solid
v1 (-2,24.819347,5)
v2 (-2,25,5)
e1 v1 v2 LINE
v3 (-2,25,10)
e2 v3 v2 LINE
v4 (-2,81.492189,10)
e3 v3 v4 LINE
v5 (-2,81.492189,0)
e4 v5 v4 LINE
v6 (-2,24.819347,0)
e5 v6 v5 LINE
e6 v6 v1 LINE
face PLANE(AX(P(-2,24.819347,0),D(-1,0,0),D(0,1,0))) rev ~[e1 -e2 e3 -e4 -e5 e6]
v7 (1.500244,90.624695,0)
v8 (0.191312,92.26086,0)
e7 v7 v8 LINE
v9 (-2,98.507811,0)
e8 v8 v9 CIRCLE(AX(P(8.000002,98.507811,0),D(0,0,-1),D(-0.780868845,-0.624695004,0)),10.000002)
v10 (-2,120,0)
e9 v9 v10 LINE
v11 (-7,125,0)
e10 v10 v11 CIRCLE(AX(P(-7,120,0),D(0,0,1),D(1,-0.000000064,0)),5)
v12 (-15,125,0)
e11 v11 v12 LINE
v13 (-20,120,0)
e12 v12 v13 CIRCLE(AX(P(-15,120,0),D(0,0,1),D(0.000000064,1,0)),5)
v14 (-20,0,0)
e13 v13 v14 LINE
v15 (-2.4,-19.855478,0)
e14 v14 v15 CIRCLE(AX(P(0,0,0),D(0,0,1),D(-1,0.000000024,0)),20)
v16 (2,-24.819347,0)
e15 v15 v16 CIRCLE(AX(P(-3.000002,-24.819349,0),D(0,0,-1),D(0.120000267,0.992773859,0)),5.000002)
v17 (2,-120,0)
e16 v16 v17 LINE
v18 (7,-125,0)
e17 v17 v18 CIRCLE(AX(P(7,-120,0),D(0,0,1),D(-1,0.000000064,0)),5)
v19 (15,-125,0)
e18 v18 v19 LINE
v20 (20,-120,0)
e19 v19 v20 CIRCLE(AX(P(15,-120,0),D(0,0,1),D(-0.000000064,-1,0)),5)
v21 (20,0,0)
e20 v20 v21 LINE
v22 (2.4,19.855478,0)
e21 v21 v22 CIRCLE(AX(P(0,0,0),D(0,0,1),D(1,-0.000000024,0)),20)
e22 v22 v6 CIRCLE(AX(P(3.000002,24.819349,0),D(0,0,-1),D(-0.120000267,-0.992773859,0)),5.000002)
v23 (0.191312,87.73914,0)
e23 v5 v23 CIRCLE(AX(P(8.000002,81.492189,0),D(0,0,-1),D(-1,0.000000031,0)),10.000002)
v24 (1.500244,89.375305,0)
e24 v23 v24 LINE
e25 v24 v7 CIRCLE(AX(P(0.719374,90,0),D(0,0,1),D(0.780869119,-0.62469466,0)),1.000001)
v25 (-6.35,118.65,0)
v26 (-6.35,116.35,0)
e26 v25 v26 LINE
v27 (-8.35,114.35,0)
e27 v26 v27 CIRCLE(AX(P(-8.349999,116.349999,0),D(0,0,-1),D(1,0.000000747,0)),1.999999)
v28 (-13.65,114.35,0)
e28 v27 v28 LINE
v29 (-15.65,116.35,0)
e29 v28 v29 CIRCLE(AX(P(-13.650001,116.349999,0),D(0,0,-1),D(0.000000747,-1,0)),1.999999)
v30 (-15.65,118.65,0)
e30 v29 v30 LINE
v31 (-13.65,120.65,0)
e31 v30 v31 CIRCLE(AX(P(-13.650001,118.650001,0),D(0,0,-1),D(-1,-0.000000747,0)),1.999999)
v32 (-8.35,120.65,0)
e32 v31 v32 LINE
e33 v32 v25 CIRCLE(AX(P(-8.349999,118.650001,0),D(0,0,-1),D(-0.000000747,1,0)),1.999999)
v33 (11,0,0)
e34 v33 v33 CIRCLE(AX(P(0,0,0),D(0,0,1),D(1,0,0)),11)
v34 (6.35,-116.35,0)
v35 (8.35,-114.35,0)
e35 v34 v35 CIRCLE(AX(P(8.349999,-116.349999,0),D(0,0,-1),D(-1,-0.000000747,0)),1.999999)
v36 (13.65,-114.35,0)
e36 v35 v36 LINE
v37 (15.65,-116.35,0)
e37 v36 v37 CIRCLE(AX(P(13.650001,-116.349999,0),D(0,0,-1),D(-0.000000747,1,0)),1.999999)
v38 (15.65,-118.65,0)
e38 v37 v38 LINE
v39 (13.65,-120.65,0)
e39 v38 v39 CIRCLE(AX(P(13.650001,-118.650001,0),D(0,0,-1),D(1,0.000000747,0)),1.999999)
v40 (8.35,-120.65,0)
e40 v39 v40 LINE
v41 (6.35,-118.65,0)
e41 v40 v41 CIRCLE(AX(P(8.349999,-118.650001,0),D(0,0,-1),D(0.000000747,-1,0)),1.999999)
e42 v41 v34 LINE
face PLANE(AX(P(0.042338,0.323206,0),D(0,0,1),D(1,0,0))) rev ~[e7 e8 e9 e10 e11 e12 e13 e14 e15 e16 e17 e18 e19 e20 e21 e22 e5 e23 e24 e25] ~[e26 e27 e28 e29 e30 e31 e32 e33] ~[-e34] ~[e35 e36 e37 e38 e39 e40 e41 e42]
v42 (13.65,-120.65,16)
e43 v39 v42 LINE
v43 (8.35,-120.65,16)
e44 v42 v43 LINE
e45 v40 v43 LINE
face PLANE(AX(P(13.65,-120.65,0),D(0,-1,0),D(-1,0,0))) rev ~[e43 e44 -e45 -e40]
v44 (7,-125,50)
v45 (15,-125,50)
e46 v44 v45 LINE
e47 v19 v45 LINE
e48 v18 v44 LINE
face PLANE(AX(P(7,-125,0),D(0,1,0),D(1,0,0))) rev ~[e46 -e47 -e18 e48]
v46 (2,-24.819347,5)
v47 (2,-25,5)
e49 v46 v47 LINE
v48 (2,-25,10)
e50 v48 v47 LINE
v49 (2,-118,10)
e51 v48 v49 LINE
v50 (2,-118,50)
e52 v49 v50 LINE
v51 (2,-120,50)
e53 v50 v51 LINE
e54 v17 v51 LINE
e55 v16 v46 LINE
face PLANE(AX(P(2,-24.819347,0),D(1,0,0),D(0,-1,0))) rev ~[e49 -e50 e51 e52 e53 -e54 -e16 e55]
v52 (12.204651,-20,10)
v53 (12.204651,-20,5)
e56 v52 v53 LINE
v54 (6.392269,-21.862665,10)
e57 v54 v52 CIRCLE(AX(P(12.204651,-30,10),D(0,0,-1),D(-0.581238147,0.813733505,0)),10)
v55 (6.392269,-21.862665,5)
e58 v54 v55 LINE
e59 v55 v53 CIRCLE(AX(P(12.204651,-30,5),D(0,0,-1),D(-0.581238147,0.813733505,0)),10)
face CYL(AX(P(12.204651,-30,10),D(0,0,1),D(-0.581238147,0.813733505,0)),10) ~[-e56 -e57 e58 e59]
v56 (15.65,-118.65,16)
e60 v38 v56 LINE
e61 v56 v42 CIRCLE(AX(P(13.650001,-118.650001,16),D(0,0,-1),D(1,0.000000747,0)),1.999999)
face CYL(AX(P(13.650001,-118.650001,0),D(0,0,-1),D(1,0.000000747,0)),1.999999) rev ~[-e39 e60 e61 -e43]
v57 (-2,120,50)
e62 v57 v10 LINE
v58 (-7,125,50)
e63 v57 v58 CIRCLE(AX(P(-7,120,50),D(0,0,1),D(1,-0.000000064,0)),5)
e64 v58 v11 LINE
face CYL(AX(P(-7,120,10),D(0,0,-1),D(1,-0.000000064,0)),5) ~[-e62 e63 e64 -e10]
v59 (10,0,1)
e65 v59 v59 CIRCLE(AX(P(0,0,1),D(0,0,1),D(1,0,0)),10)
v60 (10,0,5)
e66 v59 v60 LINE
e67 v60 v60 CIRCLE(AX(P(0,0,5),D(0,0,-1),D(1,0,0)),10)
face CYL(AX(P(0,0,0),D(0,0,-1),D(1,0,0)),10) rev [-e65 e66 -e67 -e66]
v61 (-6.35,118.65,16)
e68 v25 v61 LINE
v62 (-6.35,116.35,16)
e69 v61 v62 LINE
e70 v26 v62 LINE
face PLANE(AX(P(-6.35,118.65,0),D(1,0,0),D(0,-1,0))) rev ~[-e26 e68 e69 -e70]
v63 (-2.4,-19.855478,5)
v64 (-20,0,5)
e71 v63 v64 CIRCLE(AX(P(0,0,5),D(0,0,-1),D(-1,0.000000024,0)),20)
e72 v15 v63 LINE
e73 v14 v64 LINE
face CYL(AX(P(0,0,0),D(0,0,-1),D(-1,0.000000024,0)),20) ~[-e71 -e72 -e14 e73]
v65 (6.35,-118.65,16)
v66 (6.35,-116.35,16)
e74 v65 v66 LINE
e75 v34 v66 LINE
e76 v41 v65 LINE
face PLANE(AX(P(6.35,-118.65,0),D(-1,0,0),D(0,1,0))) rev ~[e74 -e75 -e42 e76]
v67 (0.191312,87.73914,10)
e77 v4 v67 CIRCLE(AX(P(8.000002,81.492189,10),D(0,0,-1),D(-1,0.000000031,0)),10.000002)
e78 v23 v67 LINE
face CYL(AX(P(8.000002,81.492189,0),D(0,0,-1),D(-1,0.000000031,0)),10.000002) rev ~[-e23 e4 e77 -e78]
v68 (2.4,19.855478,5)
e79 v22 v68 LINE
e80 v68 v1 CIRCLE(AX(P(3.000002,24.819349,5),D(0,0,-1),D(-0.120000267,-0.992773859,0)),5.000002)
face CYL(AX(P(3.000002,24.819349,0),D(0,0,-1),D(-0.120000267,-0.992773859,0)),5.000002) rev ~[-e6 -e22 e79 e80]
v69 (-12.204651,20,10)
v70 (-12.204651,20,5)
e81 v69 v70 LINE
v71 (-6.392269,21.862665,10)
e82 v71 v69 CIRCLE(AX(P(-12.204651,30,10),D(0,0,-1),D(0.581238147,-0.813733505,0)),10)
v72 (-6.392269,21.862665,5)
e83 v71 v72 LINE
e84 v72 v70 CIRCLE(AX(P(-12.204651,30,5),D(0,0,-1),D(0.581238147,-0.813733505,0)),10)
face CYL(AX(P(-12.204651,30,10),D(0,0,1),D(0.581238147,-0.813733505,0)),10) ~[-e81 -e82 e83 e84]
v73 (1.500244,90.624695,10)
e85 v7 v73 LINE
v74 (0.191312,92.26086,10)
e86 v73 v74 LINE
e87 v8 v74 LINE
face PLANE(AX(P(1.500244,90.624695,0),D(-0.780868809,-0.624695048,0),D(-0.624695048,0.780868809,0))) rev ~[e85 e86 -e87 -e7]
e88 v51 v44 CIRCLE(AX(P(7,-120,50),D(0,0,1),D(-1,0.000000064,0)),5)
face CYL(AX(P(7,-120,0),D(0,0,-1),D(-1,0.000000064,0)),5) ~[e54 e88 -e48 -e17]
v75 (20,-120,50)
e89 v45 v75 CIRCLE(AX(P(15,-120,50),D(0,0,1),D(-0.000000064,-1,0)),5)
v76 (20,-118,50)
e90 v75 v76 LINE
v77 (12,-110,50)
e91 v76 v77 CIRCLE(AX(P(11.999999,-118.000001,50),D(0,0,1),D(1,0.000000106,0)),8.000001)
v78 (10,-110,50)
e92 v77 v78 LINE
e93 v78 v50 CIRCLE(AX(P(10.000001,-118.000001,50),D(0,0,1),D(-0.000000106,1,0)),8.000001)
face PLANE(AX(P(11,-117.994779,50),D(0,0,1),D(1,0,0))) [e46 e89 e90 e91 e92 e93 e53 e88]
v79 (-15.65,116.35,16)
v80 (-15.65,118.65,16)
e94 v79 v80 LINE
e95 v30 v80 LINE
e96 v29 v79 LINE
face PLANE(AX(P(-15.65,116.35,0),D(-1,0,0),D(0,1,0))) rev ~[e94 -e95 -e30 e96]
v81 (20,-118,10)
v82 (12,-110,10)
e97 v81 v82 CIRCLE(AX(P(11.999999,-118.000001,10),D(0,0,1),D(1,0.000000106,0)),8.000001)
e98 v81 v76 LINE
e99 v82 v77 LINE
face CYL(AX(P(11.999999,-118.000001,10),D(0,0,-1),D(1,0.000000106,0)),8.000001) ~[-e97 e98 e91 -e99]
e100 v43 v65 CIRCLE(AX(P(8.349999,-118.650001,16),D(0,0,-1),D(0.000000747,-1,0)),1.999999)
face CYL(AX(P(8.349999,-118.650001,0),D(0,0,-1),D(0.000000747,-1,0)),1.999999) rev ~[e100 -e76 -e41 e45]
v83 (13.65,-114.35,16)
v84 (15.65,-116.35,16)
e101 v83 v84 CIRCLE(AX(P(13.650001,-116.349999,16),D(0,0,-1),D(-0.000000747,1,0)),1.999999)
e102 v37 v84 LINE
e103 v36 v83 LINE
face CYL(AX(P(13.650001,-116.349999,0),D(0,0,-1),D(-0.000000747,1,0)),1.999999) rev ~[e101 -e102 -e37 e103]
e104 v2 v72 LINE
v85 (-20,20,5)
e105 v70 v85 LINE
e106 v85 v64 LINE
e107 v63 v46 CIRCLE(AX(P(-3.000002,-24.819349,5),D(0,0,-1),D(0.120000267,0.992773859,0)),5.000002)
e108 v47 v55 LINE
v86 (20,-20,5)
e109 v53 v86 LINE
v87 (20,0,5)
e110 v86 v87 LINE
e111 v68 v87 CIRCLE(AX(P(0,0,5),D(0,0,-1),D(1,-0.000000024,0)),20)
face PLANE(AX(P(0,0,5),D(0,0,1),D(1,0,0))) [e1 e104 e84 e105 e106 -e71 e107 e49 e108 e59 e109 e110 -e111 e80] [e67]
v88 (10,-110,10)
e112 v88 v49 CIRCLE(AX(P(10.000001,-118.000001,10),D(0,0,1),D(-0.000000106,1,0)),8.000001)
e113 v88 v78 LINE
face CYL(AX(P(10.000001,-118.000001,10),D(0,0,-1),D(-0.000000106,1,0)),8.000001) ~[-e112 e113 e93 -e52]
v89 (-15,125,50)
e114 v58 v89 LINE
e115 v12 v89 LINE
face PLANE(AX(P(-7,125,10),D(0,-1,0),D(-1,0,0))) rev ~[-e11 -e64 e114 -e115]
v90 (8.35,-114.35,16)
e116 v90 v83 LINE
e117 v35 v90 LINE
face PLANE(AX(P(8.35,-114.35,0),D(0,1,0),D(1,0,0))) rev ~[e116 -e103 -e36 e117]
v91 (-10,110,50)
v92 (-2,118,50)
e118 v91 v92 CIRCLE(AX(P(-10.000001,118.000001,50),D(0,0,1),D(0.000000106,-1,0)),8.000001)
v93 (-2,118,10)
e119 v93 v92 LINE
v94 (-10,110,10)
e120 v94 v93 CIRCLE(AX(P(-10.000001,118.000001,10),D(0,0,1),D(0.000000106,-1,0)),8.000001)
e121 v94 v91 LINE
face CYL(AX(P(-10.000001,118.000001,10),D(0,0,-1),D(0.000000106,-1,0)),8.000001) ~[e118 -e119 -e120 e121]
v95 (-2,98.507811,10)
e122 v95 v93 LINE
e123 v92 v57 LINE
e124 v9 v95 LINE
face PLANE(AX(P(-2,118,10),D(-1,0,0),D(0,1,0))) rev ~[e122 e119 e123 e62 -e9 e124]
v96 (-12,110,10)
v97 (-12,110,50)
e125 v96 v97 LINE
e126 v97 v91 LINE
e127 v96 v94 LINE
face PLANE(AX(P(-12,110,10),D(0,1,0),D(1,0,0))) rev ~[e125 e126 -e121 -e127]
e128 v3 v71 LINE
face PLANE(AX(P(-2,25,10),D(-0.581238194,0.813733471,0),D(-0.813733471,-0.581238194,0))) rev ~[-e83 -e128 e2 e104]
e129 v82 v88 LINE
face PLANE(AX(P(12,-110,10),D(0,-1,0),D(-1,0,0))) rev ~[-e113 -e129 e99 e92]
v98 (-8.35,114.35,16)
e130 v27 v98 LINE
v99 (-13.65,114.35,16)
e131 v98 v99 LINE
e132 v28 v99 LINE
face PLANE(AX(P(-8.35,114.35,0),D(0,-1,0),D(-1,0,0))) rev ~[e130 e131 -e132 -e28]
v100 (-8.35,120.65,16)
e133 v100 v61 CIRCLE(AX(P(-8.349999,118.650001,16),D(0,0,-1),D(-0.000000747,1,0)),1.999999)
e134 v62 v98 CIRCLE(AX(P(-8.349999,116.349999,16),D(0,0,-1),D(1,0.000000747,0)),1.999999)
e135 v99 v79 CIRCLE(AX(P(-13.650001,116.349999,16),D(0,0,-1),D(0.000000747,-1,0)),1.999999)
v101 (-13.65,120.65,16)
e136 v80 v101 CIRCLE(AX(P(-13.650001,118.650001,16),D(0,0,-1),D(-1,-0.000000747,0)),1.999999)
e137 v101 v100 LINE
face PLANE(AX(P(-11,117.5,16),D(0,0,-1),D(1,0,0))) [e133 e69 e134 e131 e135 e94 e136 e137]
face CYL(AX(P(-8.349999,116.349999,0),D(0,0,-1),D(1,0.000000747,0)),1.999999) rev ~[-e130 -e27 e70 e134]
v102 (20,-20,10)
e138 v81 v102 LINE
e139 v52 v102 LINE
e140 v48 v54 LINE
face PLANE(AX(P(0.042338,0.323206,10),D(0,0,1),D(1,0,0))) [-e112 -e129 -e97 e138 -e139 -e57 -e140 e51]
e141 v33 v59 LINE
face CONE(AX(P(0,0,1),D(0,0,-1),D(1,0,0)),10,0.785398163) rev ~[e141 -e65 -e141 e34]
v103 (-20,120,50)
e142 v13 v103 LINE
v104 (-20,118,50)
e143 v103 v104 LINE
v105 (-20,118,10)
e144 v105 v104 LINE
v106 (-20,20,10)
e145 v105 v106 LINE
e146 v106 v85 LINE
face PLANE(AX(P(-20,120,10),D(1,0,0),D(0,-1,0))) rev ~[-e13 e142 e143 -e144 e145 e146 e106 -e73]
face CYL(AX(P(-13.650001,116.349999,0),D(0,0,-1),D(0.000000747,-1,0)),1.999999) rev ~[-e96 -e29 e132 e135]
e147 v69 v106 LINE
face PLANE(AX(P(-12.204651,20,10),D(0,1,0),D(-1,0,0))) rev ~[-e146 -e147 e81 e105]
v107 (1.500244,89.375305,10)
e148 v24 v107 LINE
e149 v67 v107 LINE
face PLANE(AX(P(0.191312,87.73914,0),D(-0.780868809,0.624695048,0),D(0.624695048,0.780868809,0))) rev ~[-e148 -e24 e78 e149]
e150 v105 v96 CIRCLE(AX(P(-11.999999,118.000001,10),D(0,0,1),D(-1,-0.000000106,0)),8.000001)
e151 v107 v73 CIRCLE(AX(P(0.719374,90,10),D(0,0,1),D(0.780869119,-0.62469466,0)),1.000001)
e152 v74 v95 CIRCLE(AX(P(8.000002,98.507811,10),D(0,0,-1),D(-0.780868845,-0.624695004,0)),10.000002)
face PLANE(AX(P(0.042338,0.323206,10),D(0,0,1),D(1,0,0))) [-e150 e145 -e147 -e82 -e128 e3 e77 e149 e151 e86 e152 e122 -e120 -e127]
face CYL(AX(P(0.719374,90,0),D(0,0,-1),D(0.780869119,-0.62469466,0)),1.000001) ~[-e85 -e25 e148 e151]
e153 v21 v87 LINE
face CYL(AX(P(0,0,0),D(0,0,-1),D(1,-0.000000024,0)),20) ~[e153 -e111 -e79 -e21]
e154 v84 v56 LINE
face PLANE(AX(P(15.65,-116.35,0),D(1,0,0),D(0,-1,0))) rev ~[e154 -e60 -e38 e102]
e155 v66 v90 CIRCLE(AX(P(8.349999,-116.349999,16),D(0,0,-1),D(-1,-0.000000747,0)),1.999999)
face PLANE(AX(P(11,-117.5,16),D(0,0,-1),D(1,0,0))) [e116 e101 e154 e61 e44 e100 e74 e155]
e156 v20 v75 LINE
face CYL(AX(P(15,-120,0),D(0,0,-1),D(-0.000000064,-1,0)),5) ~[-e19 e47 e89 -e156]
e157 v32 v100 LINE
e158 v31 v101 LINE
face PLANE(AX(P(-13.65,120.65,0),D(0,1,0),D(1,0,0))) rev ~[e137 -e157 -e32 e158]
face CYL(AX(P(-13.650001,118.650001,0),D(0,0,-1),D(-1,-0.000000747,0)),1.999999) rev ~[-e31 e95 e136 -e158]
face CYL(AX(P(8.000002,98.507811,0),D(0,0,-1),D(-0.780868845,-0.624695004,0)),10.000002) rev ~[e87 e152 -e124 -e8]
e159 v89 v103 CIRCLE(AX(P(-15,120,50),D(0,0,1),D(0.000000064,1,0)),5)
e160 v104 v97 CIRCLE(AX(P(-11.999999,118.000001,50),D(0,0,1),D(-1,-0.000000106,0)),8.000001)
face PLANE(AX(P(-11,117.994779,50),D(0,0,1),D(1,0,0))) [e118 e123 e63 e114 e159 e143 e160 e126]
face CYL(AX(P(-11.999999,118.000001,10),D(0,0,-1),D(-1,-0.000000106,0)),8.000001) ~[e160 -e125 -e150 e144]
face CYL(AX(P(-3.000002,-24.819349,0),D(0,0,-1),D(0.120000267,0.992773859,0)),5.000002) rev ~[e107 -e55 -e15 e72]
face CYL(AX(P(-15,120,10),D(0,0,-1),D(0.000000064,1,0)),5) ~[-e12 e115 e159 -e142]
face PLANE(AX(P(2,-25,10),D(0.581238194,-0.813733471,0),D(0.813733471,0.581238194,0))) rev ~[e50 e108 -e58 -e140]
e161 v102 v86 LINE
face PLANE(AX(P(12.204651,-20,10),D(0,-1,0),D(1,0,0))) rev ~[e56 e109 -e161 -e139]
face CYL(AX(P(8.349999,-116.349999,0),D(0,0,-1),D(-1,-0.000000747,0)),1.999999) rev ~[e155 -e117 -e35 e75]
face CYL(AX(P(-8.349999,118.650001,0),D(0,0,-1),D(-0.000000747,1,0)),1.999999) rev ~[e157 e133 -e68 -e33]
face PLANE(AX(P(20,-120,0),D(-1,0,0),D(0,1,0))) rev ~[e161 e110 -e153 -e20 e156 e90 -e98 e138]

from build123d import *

# Parameters (mm, degrees)
F0_R     = 10
F1_DEPTH = 10
F3_DEPTH = 5
F5_DEPTH = 40
F6_SIZE  = 1
F8_DEPTH = 16


with BuildPart() as f1:
    # F0 (on Top) → F1 (new body)
    with BuildSketch(Plane.XY):
        with BuildLine():
            Line((-20, 120), (-20, 0))
            ThreePointArc((-20, 0), (-14.96663, -13.266499), (-2.4, -19.855478))
            ThreePointArc((-2.4, -19.855478), (0.741657, -21.502723), (2, -24.819347))
            Line((2, -24.819347), (2, -120))
            ThreePointArc((2, -120), (3.464466, -123.535534), (7, -125))
            Line((7, -125), (15, -125))
            ThreePointArc((15, -125), (18.535534, -123.535534), (20, -120))
            Line((20, -120), (20, 0))
            ThreePointArc((20, 0), (14.96663, 13.266499), (2.4, 19.855478))
            ThreePointArc((2.4, 19.855478), (-0.741657, 21.502723), (-2, 24.819347))
            Line((-2, 24.819347), (-2, 81.492189))
            ThreePointArc((-2, 81.492189), (-1.436283, 84.802259), (0.191312, 87.73914))
            Line((0.191312, 87.73914), (1.500244, 89.375305))
            ThreePointArc((1.500244, 89.375305), (1.719375, 90), (1.500244, 90.624695))
            Line((1.500244, 90.624695), (0.191312, 92.26086))
            ThreePointArc((0.191312, 92.26086), (-1.436283, 95.197741), (-2, 98.507811))
            Line((-2, 98.507811), (-2, 120))
            ThreePointArc((-2, 120), (-3.464466, 123.535534), (-7, 125))
            Line((-7, 125), (-15, 125))
            ThreePointArc((-15, 125), (-18.535534, 123.535534), (-20, 120))
        make_face()
        Circle(F0_R, mode=Mode.SUBTRACT)
    extrude(amount=F1_DEPTH)

    # F2 (on face) → F3 (cut)
    with BuildSketch(Plane.XY.offset(10)):
        with BuildLine():
            Line((12.204651, -20), (20, -20))
            Line((20, -20), (20, 25))
            Line((20, 25), (-2, 25))
            Line((-2, 25), (-6.392269, 21.862665))
            ThreePointArc((-6.392269, 21.862665), (-9.152876, 20.477045), (-12.204651, 20))
            Line((-12.204651, 20), (-20, 20))
            Line((-20, 20), (-20, -25))
            Line((-20, -25), (2, -25))
            Line((2, -25), (6.392269, -21.862665))
            ThreePointArc((6.392269, -21.862665), (9.152876, -20.477045), (12.204651, -20))
        make_face()
    extrude(amount=-F3_DEPTH, mode=Mode.SUBTRACT)

    # F4 (on face) → F5 (join)
    with BuildSketch(Plane.XY.offset(10)):
        with BuildLine():
            Line((-7, 125), (-15, 125))
            ThreePointArc((-15, 125), (-18.535534, 123.535534), (-20, 120))
            Line((-20, 120), (-20, 118))
            ThreePointArc((-20, 118), (-17.656854, 112.343146), (-12, 110))
            Line((-12, 110), (-10, 110))
            ThreePointArc((-10, 110), (-4.343146, 112.343146), (-2, 118))
            Line((-2, 118), (-2, 120))
            ThreePointArc((-2, 120), (-3.464466, 123.535534), (-7, 125))
        make_face()
        with BuildLine():
            Line((7, -125), (15, -125))
            ThreePointArc((15, -125), (18.535534, -123.535534), (20, -120))
            Line((20, -120), (20, -118))
            ThreePointArc((20, -118), (17.656854, -112.343146), (12, -110))
            Line((12, -110), (10, -110))
            ThreePointArc((10, -110), (4.343146, -112.343146), (2, -118))
            Line((2, -118), (2, -120))
            ThreePointArc((2, -120), (3.464466, -123.535534), (7, -125))
        make_face()
    extrude(amount=F5_DEPTH)

    # F6
    f6_edges = [f1.edges().sort_by_distance(p)[0] for p in [
        (-10, 0, 0),
    ]]
    chamfer(f6_edges, length=F6_SIZE)

    # F7 (on face) → F8 (cut)
    with BuildSketch(Plane(origin=(0, 0, 0), x_dir=(1, 0, 0), z_dir=(0, 0, -1))):
        with BuildLine():
            Line((13.65, 120.65), (8.35, 120.65))
            ThreePointArc((8.35, 120.65), (6.935786, 120.064214), (6.35, 118.65))
            Line((6.35, 118.65), (6.35, 116.35))
            ThreePointArc((6.35, 116.35), (6.935786, 114.935786), (8.35, 114.35))
            Line((8.35, 114.35), (13.65, 114.35))
            ThreePointArc((13.65, 114.35), (15.064214, 114.935786), (15.65, 116.35))
            Line((15.65, 116.35), (15.65, 118.65))
            ThreePointArc((15.65, 118.65), (15.064214, 120.064214), (13.65, 120.65))
        make_face()
        with BuildLine():
            Line((-8.35, -114.35), (-13.65, -114.35))
            ThreePointArc((-13.65, -114.35), (-15.064214, -114.935786), (-15.65, -116.35))
            Line((-15.65, -116.35), (-15.65, -118.65))
            ThreePointArc((-15.65, -118.65), (-15.064214, -120.064214), (-13.65, -120.65))
            Line((-13.65, -120.65), (-8.35, -120.65))
            ThreePointArc((-8.35, -120.65), (-6.935786, -120.064214), (-6.35, -118.65))
            Line((-6.35, -118.65), (-6.35, -116.35))
            ThreePointArc((-6.35, -116.35), (-6.935786, -114.935786), (-8.35, -114.35))
        make_face()
    extrude(amount=-F8_DEPTH, mode=Mode.SUBTRACT)


solid = f1.part
